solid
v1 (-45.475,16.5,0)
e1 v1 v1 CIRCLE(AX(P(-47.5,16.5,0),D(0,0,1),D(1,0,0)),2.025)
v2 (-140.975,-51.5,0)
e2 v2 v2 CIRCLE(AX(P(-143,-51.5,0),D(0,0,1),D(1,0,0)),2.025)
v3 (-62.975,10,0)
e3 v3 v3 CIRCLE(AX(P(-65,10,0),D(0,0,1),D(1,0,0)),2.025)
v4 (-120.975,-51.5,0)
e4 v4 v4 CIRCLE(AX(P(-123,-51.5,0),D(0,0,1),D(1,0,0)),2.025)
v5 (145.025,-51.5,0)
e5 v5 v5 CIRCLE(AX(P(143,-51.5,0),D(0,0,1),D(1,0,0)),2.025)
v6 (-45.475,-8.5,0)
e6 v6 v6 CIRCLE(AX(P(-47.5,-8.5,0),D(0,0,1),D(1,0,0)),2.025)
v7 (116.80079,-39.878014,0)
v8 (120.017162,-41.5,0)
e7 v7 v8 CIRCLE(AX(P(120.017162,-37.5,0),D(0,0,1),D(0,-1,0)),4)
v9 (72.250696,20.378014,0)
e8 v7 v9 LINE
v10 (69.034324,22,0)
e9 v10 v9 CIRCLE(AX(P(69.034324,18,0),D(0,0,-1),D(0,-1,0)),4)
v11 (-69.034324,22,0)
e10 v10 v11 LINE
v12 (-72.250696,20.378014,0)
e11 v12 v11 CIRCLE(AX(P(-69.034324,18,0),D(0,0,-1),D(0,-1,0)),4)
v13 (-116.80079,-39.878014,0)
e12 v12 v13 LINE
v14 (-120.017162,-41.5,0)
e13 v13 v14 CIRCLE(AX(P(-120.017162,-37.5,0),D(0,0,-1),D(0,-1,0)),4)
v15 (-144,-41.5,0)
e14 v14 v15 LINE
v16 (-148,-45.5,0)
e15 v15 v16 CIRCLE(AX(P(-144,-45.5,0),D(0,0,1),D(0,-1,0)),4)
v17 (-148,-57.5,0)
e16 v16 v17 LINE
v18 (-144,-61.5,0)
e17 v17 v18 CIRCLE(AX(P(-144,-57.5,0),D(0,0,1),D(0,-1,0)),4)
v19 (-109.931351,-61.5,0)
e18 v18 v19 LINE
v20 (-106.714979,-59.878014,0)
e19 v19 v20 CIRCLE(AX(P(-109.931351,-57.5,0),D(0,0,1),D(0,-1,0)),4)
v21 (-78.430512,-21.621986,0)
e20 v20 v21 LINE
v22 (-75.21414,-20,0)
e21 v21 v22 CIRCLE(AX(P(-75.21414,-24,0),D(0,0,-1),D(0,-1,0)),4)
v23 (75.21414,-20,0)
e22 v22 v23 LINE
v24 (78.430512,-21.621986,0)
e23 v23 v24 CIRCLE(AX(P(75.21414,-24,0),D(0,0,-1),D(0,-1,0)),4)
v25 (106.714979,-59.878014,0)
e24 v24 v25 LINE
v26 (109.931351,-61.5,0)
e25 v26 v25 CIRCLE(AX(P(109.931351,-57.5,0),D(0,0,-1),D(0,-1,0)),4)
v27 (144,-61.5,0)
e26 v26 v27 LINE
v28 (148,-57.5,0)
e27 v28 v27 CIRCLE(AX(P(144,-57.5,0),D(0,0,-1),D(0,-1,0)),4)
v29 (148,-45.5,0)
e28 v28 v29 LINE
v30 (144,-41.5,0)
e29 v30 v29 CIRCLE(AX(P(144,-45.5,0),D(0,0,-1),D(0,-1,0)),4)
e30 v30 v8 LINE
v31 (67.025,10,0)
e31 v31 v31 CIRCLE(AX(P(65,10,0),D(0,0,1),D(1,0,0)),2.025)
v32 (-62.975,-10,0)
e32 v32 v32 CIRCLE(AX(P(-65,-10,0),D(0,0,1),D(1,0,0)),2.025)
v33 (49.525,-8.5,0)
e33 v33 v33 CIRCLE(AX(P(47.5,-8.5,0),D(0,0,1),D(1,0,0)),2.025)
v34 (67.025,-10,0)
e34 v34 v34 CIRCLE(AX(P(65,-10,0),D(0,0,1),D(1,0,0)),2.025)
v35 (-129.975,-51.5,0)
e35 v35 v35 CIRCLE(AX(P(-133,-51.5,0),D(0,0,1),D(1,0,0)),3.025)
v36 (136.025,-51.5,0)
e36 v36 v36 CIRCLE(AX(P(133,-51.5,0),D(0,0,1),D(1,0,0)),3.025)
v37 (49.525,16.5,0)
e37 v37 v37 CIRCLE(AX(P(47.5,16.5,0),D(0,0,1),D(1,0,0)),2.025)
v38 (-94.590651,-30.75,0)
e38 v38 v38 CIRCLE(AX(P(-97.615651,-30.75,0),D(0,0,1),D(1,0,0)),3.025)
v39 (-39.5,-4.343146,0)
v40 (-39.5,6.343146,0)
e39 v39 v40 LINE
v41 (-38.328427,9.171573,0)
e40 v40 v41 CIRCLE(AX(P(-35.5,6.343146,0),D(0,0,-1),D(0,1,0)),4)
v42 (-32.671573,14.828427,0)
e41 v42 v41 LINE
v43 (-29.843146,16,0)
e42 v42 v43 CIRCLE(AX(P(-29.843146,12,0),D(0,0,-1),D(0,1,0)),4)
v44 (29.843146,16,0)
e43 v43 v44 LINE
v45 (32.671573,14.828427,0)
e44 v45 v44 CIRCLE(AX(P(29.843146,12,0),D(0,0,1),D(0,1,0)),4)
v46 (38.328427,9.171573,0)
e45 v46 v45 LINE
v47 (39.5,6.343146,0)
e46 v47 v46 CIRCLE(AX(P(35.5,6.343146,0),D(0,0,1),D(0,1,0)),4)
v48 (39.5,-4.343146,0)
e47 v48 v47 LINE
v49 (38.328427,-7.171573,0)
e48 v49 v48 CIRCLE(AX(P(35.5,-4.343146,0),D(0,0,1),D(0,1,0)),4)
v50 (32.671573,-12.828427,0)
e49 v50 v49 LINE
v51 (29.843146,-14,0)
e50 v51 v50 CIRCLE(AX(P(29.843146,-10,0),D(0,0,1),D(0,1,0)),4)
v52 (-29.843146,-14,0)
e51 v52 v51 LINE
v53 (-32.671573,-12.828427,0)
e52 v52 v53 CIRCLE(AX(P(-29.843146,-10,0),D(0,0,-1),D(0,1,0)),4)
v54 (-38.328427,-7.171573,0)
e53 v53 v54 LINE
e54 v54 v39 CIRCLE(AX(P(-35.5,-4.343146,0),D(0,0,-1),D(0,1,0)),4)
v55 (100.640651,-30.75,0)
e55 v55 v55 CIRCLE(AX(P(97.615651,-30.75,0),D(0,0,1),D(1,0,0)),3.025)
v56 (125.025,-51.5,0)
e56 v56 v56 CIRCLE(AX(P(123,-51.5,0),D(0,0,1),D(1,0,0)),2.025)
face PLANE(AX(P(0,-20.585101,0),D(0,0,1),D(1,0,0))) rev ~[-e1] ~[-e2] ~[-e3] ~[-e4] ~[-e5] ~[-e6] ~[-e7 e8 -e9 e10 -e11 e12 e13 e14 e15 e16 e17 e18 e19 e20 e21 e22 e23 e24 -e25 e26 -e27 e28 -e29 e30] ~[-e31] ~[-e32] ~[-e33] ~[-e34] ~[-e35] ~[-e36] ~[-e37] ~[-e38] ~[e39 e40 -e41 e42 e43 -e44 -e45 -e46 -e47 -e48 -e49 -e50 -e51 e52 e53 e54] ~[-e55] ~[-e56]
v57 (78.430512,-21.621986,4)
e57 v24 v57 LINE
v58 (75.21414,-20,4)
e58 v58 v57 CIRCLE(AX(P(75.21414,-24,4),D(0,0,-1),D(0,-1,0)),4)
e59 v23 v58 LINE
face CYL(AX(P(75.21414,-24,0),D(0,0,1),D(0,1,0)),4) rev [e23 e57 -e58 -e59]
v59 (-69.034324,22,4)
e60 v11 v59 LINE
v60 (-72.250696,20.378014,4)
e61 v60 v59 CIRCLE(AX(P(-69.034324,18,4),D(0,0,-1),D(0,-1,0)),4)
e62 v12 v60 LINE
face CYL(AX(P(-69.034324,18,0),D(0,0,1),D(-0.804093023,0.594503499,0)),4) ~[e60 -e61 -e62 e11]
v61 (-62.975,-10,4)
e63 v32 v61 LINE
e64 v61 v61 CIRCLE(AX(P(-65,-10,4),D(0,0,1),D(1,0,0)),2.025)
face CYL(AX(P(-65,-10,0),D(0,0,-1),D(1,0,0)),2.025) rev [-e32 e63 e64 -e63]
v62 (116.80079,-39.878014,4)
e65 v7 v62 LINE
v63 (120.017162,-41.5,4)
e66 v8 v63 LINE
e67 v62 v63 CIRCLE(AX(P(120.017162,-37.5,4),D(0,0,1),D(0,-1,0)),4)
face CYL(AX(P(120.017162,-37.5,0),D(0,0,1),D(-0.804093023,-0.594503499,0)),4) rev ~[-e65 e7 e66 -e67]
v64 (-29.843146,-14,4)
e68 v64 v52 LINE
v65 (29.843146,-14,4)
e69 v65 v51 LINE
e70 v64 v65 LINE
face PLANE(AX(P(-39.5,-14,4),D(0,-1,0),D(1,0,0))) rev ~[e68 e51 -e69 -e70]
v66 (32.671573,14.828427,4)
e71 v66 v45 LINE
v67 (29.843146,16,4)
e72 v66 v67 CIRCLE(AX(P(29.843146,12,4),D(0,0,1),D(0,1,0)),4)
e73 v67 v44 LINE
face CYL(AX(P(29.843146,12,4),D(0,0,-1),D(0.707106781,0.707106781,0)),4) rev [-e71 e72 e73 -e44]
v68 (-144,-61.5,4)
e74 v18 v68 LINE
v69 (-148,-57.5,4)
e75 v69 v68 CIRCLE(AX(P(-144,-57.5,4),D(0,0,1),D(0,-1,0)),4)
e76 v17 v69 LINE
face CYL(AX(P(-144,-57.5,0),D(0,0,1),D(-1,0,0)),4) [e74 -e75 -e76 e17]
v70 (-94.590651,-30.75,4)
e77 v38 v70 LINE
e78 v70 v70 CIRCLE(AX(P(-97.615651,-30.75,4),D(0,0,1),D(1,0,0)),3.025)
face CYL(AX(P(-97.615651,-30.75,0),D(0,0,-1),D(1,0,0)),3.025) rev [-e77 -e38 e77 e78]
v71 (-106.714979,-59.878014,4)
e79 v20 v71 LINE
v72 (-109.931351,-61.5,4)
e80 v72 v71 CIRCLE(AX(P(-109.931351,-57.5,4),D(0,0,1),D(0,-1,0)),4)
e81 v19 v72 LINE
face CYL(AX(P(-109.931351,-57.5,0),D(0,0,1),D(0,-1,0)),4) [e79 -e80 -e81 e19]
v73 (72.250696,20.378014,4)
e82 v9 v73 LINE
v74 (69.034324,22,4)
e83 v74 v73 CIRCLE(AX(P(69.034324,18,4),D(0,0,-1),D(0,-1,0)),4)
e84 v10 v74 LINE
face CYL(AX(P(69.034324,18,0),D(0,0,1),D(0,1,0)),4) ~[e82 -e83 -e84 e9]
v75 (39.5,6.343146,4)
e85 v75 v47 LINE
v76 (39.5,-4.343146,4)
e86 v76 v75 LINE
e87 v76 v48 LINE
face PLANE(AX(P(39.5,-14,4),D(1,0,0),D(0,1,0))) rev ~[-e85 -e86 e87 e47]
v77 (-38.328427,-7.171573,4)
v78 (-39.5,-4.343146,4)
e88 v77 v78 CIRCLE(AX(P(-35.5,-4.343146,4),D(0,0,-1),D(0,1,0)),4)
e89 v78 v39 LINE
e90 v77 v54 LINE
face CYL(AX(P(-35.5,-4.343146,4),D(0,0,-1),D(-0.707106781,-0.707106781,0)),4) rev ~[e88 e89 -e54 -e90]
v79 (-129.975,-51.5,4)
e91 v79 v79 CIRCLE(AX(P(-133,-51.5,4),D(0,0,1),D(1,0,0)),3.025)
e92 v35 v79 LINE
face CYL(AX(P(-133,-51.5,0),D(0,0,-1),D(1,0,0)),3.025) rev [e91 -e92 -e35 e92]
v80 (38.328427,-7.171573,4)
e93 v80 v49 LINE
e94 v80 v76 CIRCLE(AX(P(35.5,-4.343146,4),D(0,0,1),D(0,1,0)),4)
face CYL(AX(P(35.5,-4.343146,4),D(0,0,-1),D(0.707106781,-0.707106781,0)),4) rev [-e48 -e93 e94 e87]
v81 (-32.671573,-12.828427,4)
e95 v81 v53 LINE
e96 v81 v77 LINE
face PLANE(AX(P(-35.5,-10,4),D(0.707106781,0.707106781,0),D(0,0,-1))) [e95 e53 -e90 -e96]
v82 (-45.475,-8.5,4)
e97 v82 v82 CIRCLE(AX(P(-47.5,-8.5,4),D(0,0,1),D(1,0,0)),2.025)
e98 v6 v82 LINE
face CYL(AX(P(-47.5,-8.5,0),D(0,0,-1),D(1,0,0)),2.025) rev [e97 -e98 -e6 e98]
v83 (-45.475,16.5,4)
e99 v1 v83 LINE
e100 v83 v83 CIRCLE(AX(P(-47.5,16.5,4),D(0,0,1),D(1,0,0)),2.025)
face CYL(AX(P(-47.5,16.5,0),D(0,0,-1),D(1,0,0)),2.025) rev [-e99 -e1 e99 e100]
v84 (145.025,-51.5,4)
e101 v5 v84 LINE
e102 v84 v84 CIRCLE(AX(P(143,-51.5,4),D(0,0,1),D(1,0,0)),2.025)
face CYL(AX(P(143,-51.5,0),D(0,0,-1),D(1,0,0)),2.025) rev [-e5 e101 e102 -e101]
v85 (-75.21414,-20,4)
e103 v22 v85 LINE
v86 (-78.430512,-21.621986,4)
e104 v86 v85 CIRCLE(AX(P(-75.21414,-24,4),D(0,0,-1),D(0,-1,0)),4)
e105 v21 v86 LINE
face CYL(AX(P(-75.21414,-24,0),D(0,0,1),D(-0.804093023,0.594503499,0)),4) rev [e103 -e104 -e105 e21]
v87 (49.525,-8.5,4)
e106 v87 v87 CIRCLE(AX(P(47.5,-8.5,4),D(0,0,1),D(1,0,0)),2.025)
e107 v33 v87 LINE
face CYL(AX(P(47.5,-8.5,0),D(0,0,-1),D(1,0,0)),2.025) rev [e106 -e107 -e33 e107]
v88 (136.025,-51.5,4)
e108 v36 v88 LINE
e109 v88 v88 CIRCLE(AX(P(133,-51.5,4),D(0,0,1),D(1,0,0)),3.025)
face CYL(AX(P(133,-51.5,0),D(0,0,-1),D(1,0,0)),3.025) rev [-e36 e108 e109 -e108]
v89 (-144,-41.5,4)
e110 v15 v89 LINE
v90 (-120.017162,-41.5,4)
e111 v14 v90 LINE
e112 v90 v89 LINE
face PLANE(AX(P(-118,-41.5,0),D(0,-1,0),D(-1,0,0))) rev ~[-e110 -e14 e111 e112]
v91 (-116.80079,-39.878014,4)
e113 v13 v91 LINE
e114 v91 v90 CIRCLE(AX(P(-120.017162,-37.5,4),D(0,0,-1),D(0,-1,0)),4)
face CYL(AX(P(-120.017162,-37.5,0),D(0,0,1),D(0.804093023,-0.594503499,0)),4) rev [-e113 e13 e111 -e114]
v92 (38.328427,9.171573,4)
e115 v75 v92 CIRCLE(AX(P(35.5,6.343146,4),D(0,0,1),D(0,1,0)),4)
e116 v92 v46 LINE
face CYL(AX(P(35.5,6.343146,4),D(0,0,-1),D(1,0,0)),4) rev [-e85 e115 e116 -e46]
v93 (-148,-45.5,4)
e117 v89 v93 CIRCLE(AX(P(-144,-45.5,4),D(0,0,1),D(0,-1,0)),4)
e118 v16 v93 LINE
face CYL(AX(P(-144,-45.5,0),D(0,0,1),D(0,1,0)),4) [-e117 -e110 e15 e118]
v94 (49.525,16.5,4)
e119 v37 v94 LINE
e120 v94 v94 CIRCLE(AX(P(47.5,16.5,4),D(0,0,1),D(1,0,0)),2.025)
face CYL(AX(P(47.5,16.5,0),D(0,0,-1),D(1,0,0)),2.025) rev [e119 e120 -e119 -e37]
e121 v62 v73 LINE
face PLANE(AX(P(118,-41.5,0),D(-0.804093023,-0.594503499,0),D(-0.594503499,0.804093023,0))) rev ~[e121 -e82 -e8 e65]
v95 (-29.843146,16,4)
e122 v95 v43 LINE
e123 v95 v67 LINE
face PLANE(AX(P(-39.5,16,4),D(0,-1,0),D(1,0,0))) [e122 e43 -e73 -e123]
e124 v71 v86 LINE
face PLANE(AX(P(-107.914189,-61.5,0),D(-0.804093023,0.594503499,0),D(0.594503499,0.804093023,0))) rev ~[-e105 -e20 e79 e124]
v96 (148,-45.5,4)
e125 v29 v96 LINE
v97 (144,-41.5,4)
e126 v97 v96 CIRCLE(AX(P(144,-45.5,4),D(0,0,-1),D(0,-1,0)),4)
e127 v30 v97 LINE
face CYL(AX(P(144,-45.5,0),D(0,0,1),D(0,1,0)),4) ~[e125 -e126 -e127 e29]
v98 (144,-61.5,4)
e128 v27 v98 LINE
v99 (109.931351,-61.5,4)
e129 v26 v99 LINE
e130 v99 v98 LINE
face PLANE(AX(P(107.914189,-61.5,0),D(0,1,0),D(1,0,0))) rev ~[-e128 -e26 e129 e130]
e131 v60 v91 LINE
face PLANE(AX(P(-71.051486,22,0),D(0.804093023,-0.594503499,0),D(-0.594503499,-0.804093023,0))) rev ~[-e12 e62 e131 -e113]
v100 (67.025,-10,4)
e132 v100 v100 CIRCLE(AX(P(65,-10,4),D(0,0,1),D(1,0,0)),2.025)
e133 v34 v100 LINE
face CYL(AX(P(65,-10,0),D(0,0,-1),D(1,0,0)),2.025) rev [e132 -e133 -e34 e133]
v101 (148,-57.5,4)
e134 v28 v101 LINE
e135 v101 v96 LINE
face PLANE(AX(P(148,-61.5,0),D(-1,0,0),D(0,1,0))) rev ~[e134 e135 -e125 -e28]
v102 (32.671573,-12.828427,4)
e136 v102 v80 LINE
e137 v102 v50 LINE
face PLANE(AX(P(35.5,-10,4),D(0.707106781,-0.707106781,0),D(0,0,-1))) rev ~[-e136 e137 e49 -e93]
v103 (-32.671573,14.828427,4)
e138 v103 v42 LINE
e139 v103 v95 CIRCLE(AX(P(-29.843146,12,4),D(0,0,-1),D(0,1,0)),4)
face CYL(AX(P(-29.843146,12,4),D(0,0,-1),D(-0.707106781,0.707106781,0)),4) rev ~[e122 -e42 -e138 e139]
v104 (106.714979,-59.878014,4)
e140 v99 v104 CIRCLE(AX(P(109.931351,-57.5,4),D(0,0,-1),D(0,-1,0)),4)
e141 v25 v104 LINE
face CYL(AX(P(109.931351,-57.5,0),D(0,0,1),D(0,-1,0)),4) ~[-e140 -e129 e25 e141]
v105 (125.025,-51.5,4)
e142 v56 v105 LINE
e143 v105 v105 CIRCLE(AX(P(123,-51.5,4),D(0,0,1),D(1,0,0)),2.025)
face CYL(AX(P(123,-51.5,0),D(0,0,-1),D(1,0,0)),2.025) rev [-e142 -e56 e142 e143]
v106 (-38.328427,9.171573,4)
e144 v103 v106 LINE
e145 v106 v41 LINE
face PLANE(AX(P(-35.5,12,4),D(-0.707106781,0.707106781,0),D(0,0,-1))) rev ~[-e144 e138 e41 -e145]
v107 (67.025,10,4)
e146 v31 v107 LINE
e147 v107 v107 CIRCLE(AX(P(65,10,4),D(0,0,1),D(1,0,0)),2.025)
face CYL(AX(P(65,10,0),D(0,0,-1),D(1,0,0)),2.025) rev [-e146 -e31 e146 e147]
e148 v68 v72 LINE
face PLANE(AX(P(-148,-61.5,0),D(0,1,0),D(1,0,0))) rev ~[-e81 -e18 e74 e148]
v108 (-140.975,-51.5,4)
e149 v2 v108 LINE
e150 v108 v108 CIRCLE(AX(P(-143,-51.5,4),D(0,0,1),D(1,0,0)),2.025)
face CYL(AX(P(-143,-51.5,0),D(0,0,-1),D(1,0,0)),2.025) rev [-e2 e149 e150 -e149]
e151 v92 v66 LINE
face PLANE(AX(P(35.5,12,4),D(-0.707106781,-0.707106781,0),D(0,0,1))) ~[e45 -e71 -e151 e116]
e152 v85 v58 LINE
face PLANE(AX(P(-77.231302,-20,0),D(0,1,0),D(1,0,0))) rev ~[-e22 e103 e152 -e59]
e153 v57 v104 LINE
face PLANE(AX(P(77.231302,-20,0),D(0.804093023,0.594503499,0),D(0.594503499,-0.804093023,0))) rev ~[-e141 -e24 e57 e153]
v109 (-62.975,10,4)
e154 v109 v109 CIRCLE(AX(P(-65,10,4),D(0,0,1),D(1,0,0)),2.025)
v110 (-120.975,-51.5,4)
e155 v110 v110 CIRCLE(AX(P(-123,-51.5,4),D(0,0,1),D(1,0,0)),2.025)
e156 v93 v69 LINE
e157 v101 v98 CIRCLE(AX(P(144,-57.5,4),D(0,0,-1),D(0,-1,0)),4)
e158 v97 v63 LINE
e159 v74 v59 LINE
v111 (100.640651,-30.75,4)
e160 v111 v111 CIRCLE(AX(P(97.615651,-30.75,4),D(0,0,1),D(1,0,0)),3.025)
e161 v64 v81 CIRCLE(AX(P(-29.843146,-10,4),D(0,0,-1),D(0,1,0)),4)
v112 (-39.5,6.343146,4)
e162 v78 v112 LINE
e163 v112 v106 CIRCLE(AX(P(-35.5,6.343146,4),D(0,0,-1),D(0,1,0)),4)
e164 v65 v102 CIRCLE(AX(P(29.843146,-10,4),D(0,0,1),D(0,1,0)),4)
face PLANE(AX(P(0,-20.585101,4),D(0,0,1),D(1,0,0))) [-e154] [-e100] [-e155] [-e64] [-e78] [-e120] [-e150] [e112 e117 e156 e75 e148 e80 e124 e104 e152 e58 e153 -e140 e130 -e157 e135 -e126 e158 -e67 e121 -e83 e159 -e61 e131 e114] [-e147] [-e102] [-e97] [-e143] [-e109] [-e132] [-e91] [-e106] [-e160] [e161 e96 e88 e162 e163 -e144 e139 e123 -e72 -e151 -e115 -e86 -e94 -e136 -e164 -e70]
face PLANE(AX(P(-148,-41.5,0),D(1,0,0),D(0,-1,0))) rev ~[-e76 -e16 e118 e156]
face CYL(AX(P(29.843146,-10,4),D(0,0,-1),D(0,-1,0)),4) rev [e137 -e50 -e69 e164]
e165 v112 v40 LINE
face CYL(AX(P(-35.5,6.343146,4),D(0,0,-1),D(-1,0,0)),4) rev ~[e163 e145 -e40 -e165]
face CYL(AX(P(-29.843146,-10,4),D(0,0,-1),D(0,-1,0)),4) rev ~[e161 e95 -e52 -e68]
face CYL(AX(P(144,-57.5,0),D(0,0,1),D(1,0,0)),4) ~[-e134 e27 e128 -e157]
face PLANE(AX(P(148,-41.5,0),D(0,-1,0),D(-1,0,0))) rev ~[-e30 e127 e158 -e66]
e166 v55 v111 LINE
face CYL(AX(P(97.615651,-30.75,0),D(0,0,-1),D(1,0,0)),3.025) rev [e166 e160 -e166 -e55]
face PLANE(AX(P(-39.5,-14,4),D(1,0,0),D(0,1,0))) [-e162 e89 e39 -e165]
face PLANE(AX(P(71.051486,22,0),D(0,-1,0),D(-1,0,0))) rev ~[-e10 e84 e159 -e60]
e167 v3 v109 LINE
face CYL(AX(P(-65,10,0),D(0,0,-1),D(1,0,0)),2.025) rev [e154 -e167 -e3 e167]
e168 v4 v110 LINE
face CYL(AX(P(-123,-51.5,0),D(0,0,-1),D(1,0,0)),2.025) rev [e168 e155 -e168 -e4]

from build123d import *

# Parameters (mm, degrees)
SKETCH_1_R          = 3.025
SKETCH_1_R_2        = 2.025
EXTRUDE_1_DEPTH     = 4
SKETCH_2_W          = 79
SKETCH_2_H          = 30
CUT_EXTRUDE_1_DEPTH = 4
FILLET_1_R          = 4
CHAMFER_1_SIZE      = 8
FILLET_2_R          = 4


with BuildPart() as part:
    # 草图1 → 凸台-拉伸1 (new body)
    with BuildSketch(Plane.XY):
        Polygon((-71.051486421, 22), (-118, -41.5), (-148, -41.5), (-148, -61.5), (-107.914189298, -61.5), (-77.231302471, -20), (77.231302471, -20), (107.914189298, -61.5), (148, -61.5), (148, -41.5), (118, -41.5), (71.051486421, 22), align=None)
        with Locations((-97.615651235, -30.75)):
            Circle(SKETCH_1_R, mode=Mode.SUBTRACT)
        with Locations((97.615651235, -30.75)):
            Circle(SKETCH_1_R, mode=Mode.SUBTRACT)
        with Locations((-65, -10)):
            Circle(SKETCH_1_R_2, mode=Mode.SUBTRACT)
        with Locations((-47.5, -8.5)):
            Circle(SKETCH_1_R_2, mode=Mode.SUBTRACT)
        with Locations((-65, 10)):
            Circle(SKETCH_1_R_2, mode=Mode.SUBTRACT)
        with Locations((-47.5, 16.5)):
            Circle(SKETCH_1_R_2, mode=Mode.SUBTRACT)
        with Locations((65, -10)):
            Circle(SKETCH_1_R_2, mode=Mode.SUBTRACT)
        with Locations((47.5, -8.5)):
            Circle(SKETCH_1_R_2, mode=Mode.SUBTRACT)
        with Locations((65, 10)):
            Circle(SKETCH_1_R_2, mode=Mode.SUBTRACT)
        with Locations((47.5, 16.5)):
            Circle(SKETCH_1_R_2, mode=Mode.SUBTRACT)
        with Locations((-123, -51.5)):
            Circle(SKETCH_1_R_2, mode=Mode.SUBTRACT)
        with Locations((-143, -51.5)):
            Circle(SKETCH_1_R_2, mode=Mode.SUBTRACT)
        with Locations((-133, -51.5)):
            Circle(SKETCH_1_R, mode=Mode.SUBTRACT)
        with Locations((143, -51.5)):
            Circle(SKETCH_1_R_2, mode=Mode.SUBTRACT)
        with Locations((123, -51.5)):
            Circle(SKETCH_1_R_2, mode=Mode.SUBTRACT)
        with Locations((133, -51.5)):
            Circle(SKETCH_1_R, mode=Mode.SUBTRACT)
    extrude(amount=EXTRUDE_1_DEPTH)

    # 草图2 → 切除-拉伸1 (cut)
    with BuildSketch(Plane.XY.offset(4)):
        with Locations((0, 1)):
            Rectangle(SKETCH_2_W, SKETCH_2_H)
    extrude(amount=-CUT_EXTRUDE_1_DEPTH, mode=Mode.SUBTRACT)

    # 圆角1
    fillet_1_edges = [part.edges().sort_by_distance(p)[0] for p in [
        (-148, -61.5, 2),
        (-148, -41.5, 2),
        (-118, -41.5, 2),
        (-71.051486421, 22, 2),
        (71.051486421, 22, 2),
        (118, -41.5, 2),
        (148, -41.5, 2),
        (148, -61.5, 2),
        (107.914189298, -61.5, 2),
        (77.231302471, -20, 2),
        (-77.231302471, -20, 2),
        (-107.914189298, -61.5, 2),
    ]]
    fillet(fillet_1_edges, radius=FILLET_1_R)

    # 倒角1
    chamfer_1_edges = [part.edges().sort_by_distance(p)[0] for p in [
        (39.5, 16, 2),
        (39.5, -14, 2),
        (-39.5, -14, 2),
        (-39.5, 16, 2),
    ]]
    chamfer(chamfer_1_edges, length=CHAMFER_1_SIZE)

    # 圆角2
    fillet_2_edges = [part.edges().sort_by_distance(p)[0] for p in [
        (39.5, 8, 2),
        (39.5, -6, 2),
        (-31.5, -14, 2),
        (31.5, -14, 2),
        (-31.5, 16, 2),
        (31.5, 16, 2),
        (-39.5, -6, 2),
        (-39.5, 8, 2),
    ]]
    fillet(fillet_2_edges, radius=FILLET_2_R)


solid = part.part
